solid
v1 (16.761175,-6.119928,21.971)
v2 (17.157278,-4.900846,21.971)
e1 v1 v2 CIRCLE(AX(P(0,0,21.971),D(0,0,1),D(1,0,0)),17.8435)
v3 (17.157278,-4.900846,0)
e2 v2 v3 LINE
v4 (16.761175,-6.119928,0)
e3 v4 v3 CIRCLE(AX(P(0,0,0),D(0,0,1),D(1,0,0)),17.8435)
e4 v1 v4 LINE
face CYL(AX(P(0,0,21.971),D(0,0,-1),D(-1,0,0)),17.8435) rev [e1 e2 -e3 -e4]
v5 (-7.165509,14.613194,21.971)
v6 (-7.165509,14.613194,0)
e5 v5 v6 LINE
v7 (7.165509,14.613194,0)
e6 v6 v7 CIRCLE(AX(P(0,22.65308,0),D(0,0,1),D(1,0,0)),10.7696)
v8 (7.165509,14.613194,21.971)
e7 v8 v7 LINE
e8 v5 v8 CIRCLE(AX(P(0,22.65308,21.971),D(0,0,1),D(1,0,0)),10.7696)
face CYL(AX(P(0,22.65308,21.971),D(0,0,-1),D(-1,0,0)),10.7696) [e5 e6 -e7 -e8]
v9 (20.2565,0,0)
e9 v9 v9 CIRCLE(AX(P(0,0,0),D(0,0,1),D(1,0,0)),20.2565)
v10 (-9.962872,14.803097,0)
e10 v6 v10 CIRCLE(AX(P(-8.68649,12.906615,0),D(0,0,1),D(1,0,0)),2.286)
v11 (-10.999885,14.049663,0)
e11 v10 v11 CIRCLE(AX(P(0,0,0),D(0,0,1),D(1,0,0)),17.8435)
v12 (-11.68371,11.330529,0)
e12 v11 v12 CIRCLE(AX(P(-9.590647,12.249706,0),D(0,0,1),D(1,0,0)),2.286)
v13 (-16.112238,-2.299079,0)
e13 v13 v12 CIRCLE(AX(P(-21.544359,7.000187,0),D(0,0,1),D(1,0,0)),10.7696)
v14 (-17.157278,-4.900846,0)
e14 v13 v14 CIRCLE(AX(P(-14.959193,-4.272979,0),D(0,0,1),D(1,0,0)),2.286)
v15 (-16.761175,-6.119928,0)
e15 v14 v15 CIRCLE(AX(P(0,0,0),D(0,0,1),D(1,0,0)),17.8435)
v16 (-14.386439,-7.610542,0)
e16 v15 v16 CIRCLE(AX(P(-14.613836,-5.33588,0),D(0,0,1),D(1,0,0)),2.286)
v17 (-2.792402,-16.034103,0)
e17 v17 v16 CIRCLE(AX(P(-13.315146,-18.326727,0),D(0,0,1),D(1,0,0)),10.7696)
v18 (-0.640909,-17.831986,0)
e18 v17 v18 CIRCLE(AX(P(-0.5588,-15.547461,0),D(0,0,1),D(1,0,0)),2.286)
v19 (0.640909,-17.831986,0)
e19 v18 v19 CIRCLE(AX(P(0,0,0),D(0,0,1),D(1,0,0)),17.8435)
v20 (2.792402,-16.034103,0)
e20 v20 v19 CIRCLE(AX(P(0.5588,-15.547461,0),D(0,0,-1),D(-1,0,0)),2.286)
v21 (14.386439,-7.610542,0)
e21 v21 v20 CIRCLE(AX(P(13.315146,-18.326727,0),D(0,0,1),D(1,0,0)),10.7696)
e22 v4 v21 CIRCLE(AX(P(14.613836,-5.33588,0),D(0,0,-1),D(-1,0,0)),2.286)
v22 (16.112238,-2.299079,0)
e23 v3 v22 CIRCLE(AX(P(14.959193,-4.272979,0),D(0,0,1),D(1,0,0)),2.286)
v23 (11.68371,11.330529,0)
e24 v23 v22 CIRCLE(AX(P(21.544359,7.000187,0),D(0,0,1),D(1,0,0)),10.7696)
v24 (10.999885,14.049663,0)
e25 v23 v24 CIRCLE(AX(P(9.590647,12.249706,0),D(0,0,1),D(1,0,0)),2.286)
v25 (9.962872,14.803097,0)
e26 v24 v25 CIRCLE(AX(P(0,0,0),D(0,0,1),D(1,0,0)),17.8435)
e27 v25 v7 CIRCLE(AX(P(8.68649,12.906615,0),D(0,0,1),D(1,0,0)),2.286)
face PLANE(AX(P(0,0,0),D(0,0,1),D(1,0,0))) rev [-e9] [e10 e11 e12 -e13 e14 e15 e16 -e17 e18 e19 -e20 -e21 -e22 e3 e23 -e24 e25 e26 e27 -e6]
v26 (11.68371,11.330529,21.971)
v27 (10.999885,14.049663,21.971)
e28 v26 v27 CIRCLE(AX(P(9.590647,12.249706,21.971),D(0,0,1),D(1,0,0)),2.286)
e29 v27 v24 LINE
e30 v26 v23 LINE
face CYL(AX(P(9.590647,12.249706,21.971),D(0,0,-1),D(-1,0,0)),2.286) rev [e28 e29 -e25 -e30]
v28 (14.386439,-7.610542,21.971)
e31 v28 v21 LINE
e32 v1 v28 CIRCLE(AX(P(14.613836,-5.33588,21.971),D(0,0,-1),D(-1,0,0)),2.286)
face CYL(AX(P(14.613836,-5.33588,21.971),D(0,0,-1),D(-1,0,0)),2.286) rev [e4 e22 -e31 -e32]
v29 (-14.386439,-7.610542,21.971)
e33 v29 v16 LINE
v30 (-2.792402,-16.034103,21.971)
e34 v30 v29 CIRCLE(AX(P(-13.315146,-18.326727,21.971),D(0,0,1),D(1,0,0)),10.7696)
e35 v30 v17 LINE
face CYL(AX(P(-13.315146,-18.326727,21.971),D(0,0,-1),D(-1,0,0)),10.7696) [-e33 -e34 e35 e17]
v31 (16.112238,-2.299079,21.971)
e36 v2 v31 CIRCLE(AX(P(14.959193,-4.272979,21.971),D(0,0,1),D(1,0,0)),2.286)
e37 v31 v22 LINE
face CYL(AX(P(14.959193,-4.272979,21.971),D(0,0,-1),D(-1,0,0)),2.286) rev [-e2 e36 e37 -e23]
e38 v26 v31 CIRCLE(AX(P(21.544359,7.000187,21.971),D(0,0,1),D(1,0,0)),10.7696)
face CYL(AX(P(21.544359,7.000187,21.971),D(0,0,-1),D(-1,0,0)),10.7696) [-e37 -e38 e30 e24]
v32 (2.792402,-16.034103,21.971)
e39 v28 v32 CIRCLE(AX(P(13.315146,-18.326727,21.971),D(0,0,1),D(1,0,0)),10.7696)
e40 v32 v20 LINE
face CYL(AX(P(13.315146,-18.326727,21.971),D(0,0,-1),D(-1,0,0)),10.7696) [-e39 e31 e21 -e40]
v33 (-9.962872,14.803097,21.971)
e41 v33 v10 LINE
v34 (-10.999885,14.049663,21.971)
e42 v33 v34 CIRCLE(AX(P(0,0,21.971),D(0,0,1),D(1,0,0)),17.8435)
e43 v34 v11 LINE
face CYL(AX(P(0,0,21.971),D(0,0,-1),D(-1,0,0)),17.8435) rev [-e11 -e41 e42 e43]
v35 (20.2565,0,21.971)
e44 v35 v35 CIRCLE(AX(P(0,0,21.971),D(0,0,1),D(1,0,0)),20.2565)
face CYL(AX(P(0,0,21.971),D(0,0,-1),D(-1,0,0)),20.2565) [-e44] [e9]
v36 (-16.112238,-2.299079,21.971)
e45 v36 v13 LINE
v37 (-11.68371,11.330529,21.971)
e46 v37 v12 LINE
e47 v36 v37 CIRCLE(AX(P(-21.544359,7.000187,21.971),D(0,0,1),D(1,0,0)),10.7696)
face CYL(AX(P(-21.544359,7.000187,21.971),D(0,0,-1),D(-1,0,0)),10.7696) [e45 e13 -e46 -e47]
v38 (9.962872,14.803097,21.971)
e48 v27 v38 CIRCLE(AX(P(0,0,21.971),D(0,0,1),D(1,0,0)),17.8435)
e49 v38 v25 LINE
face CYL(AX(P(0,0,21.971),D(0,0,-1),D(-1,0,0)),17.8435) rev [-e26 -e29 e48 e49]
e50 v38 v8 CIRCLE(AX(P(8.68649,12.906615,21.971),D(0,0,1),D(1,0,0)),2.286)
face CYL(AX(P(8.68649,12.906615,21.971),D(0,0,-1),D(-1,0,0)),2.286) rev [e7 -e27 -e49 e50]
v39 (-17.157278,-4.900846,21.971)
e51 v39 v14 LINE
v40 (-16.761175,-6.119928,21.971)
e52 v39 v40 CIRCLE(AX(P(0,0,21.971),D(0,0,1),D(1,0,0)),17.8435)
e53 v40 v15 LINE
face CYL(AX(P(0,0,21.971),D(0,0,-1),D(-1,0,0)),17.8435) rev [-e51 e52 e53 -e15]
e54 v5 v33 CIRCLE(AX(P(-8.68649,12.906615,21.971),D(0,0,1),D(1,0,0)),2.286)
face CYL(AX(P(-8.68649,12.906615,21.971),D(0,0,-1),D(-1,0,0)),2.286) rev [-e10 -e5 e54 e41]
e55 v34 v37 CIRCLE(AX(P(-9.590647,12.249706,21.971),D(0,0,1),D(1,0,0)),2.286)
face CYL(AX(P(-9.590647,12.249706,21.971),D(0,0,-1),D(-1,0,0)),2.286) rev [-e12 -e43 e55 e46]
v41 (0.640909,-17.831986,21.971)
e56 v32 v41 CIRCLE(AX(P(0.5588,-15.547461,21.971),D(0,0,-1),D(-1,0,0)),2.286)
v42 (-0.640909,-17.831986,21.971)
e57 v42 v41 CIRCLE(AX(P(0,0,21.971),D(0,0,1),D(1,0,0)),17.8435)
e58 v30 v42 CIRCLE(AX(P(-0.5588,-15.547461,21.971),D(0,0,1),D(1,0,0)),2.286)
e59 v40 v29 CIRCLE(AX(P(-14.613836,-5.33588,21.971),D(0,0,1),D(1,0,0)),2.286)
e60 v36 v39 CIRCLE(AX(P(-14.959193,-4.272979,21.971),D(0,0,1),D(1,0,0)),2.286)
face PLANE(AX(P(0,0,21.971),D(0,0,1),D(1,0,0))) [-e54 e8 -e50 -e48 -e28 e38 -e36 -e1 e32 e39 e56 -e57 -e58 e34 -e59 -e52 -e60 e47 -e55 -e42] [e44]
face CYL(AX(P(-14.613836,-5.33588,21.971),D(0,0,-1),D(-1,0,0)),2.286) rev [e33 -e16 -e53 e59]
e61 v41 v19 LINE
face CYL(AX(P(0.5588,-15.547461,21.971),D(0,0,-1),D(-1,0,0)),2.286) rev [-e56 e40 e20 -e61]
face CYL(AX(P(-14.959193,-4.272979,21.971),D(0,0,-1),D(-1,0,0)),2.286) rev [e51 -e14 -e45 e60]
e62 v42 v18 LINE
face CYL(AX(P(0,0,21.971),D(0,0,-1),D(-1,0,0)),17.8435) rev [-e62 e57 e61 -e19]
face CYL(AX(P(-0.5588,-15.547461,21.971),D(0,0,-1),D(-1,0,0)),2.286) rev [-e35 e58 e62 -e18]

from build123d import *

# Parameters (mm, degrees)
SKETCH1_R          = 20.2565
BASE_EXTRUDE_DEPTH = 21.971


with BuildPart() as part:
    # Sketch1 → Base-Extrude (new body)
    with BuildSketch(Plane.XY):
        Circle(SKETCH1_R)
        with BuildLine():
            ThreePointArc((-9.962871848, 14.803096865), (-10.488146149, 14.435694739), (-10.999885021, 14.049662693))
            ThreePointArc((-10.999885021, 14.049662693), (-11.807615401, 12.807242878), (-11.683709562, 11.330529398))
            ThreePointArc((-11.683709562, 11.330529398), (-11.301861211, 3.672197312), (-16.112237674, -2.299078665))
            ThreePointArc((-16.112237674, -2.299078665), (-17.080470009, -3.420934942), (-17.157278449, -4.900845691))
            ThreePointArc((-17.157278449, -4.900845691), (-16.970176949, -5.513944739), (-16.761174663, -6.11992779))
            ThreePointArc((-16.761174663, -6.11992779), (-15.829165617, -7.272053868), (-14.386438629, -7.610541975))
            ThreePointArc((-14.386438629, -7.610541975), (-6.984934365, -9.613937375), (-2.792401513, -16.034103011))
            ThreePointArc((-2.792401513, -16.034103011), (-2.024653036, -17.301619337), (-0.640909388, -17.831986076))
            ThreePointArc((-0.640909388, -17.831986076), (0, -17.8435), (0.640909388, -17.831986076))
            ThreePointArc((0.640909388, -17.831986076), (2.024653036, -17.301619337), (2.792401513, -16.034103011))
            ThreePointArc((2.792401513, -16.034103011), (6.984934365, -9.613937375), (14.386438629, -7.610541975))
            ThreePointArc((14.386438629, -7.610541975), (15.829165617, -7.272053868), (16.761174663, -6.11992779))
            ThreePointArc((16.761174663, -6.11992779), (16.970176949, -5.513944739), (17.157278449, -4.900845691))
            ThreePointArc((17.157278449, -4.900845691), (17.080470009, -3.420934942), (16.112237674, -2.299078665))
            ThreePointArc((16.112237674, -2.299078665), (11.301861211, 3.672197312), (11.683709562, 11.330529398))
            ThreePointArc((11.683709562, 11.330529398), (11.807615401, 12.807242878), (10.999885021, 14.049662693))
            ThreePointArc((10.999885021, 14.049662693), (10.488146149, 14.435694739), (9.962871848, 14.803096865))
            ThreePointArc((9.962871848, 14.803096865), (8.531657973, 15.187365269), (7.165509005, 14.613194253))
            ThreePointArc((7.165509005, 14.613194253), (0, 11.883480127), (-7.165509005, 14.613194253))
            ThreePointArc((-7.165509005, 14.613194253), (-8.531657973, 15.187365269), (-9.962871848, 14.803096865))
        make_face(mode=Mode.SUBTRACT)
    extrude(amount=BASE_EXTRUDE_DEPTH)


solid = part.part
